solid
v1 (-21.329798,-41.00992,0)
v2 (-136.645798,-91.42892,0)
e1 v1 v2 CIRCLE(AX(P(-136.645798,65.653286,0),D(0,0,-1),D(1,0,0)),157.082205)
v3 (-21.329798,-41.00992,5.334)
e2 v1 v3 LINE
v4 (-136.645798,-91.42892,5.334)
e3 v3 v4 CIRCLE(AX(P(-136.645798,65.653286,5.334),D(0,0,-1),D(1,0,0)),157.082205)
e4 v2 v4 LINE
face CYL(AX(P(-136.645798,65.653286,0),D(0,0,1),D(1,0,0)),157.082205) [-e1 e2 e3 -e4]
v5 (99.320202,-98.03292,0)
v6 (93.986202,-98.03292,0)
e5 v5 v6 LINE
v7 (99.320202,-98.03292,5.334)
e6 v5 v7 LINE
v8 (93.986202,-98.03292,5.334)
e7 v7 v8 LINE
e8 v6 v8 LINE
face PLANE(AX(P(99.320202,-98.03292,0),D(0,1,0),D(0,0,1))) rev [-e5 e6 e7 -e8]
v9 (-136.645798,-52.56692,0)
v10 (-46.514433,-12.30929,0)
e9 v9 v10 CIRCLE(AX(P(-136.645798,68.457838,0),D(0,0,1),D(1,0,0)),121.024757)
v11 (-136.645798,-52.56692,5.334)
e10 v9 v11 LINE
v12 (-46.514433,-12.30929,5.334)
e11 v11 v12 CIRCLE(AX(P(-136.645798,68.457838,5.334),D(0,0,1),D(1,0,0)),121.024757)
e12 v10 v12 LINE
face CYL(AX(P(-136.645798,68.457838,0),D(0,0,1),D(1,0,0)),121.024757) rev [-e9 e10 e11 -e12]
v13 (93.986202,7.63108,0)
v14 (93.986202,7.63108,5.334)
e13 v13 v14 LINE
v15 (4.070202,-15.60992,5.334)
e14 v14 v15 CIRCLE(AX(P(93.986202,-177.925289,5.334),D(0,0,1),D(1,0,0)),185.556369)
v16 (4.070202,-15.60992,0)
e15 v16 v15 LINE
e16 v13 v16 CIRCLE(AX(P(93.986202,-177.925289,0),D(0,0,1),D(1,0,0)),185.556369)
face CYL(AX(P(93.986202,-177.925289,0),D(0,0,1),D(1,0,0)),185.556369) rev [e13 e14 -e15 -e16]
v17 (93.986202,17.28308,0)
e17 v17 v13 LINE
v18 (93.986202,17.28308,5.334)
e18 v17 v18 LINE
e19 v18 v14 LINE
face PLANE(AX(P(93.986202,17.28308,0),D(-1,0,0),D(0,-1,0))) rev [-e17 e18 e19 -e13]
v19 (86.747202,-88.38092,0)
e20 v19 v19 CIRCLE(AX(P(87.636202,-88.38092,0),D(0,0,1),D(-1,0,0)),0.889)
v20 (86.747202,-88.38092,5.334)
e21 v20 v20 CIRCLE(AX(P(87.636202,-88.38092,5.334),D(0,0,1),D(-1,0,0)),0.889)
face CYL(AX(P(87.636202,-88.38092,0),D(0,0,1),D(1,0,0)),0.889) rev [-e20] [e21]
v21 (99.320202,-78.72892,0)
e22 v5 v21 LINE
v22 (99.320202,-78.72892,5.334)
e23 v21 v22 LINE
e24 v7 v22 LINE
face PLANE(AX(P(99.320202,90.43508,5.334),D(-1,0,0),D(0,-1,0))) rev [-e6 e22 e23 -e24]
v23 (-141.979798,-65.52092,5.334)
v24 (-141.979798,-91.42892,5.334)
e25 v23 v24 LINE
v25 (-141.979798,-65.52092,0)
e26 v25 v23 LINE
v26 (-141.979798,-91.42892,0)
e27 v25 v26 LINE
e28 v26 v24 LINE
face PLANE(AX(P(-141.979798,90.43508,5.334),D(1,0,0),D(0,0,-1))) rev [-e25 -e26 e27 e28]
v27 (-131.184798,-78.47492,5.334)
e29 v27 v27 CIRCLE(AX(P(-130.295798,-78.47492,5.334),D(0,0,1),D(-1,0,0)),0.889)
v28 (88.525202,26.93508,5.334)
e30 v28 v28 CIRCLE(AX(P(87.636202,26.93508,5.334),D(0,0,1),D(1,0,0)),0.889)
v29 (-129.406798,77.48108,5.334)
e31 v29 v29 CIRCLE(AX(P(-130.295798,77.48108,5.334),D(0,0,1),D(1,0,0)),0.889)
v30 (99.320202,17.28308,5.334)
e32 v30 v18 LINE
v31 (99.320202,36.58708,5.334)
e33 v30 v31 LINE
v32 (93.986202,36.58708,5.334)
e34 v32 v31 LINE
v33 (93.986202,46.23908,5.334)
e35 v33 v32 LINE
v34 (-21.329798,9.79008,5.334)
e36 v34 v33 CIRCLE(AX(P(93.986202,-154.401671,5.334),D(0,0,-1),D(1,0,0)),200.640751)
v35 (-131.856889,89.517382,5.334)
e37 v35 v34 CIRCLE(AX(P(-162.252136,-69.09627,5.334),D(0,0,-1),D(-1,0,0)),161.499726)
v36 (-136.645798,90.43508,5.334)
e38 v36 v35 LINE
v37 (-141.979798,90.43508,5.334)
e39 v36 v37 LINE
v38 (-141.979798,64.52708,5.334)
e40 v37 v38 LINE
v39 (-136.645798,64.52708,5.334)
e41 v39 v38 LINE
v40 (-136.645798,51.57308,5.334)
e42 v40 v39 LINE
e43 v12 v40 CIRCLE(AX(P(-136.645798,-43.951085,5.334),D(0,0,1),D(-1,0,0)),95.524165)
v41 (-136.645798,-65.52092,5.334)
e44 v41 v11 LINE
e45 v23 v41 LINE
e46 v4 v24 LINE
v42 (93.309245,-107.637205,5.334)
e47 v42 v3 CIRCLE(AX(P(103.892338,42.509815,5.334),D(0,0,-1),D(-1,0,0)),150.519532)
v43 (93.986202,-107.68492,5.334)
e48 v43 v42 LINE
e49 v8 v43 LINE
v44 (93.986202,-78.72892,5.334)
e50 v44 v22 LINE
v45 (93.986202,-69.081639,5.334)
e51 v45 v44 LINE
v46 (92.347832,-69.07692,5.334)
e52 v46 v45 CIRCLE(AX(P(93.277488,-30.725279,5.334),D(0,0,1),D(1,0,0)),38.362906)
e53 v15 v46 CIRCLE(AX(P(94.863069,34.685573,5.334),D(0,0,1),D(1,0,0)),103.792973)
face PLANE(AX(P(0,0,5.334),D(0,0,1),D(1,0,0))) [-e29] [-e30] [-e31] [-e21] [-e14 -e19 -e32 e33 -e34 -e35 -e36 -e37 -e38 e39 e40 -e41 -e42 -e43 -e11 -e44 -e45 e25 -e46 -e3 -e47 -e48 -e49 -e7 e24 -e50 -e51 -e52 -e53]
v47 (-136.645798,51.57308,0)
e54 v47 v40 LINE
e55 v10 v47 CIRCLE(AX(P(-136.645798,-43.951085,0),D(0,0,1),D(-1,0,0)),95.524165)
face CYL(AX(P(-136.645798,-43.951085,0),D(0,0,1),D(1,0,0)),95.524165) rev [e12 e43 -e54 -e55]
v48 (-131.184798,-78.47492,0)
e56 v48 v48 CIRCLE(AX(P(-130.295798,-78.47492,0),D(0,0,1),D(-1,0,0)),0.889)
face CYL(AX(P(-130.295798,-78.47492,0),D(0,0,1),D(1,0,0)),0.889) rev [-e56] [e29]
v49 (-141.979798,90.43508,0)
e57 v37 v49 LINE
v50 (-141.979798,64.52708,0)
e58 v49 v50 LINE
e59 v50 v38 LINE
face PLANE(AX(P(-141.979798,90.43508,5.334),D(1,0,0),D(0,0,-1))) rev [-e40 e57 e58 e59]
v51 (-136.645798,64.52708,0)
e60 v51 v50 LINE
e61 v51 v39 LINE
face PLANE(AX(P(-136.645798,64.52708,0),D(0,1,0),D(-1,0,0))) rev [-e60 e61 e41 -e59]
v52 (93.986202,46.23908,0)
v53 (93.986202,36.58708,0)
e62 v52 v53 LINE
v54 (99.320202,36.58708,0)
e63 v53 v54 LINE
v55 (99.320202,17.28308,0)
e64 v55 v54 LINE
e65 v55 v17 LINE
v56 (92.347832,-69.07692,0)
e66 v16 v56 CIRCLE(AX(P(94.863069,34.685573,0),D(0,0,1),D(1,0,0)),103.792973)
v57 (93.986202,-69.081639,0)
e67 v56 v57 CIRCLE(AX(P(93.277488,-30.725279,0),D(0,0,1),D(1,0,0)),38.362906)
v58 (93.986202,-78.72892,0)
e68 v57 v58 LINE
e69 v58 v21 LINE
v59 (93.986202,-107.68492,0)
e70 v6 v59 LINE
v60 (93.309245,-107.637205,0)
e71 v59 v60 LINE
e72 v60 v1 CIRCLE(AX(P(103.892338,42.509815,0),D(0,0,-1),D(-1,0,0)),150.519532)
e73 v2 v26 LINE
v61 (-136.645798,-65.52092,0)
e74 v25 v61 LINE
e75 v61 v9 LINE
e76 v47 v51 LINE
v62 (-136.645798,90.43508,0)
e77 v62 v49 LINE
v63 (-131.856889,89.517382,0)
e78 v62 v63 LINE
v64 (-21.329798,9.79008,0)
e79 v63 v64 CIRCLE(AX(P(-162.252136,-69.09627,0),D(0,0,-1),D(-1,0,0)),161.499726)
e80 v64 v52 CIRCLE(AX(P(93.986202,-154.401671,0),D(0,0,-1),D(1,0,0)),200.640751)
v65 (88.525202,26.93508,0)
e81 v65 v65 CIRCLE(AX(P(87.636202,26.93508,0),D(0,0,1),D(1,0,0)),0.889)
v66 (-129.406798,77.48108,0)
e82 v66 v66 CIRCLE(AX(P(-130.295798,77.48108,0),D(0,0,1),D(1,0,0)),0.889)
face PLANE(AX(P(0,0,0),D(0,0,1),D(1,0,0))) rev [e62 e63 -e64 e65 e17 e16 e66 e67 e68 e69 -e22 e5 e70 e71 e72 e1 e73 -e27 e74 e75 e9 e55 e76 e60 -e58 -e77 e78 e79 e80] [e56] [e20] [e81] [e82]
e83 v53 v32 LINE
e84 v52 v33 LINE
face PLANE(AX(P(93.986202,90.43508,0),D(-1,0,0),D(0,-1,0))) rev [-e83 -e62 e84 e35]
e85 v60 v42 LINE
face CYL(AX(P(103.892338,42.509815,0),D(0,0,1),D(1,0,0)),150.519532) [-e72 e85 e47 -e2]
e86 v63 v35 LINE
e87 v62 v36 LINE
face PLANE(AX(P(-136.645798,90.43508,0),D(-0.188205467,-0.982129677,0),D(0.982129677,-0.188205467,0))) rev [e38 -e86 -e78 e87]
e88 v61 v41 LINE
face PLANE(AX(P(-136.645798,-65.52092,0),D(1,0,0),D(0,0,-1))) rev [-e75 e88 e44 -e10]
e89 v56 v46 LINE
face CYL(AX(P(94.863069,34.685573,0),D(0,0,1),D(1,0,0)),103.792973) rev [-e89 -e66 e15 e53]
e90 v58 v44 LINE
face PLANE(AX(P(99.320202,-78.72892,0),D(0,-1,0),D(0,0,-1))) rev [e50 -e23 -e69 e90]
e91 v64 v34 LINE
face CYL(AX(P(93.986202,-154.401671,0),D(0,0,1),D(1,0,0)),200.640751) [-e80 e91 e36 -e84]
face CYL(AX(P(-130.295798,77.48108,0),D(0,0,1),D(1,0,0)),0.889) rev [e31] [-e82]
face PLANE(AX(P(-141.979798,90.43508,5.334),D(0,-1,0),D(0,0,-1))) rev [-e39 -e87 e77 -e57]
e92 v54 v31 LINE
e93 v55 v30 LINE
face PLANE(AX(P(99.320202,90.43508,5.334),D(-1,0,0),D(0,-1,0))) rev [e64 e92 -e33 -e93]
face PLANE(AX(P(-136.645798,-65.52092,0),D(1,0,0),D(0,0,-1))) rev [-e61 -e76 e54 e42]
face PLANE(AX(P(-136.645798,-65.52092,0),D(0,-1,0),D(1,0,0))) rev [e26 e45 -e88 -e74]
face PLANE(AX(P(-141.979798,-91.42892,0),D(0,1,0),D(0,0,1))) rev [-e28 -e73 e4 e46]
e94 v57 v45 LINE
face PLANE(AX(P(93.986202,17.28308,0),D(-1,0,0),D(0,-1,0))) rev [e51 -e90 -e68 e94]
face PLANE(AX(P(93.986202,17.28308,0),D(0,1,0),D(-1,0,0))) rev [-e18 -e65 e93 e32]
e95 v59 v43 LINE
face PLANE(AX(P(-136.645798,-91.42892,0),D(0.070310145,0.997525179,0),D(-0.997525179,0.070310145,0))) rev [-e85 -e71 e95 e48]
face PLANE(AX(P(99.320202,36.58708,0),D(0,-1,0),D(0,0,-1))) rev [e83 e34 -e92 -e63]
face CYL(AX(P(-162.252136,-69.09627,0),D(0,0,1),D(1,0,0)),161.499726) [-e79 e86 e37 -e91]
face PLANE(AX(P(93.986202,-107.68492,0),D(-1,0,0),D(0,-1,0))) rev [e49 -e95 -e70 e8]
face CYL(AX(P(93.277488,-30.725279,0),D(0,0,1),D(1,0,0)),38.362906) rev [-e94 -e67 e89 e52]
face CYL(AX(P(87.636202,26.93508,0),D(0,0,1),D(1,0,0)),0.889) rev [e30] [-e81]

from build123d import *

# Parameters (mm, degrees)
SKETCH1_W           = 241.3
SKETCH1_H           = 198.12
BOSS_EXTRUDE1_DEPTH = 5.334
SKETCH2_W           = 5.334
SKETCH2_H           = 9.652
SKETCH2_H_2         = 96.012
SKETCH2_H_3         = 53.848
CUT_EXTRUDE1_DEPTH  = 179.277190048
SKETCH3_W           = 5.334
SKETCH3_H           = 16.256
SKETCH3_H_2         = 130.048
CUT_EXTRUDE2_DEPTH  = 179.277190048
CUT_EXTRUDE5_DEPTH  = 179.277190048
CUT_EXTRUDE6_DEPTH  = 179.277190048
CUT_EXTRUDE7_DEPTH  = 179.277190048
SKETCH8_R           = 0.889
CUT_EXTRUDE8_DEPTH  = 179.277190048
SKETCH9_R           = 0.889
CUT_EXTRUDE9_DEPTH  = 179.277190048


with BuildPart() as part:
    # Sketch1 → Boss-Extrude1 (new body)
    with BuildSketch(Plane.XY):
        with Locations((-21.329797884, -8.624919689)):
            Rectangle(SKETCH1_W, SKETCH1_H)
    extrude(amount=BOSS_EXTRUDE1_DEPTH)

    # Sketch2 → Cut-Extrude1 (cut, through all)
    with BuildSketch(Plane.XY.offset(5.334)):
        with Locations((96.653202116, -102.858919689)):
            Rectangle(SKETCH2_W, SKETCH2_H)
        with Locations((96.653202116, -30.722919689)):
            Rectangle(SKETCH2_W, SKETCH2_H_2)
        with Locations((96.653202116, 63.511080311)):
            Rectangle(SKETCH2_W, SKETCH2_H_3)
    extrude(amount=-CUT_EXTRUDE1_DEPTH, mode=Mode.SUBTRACT)

    # Sketch3 → Cut-Extrude2 (cut, through all)
    with BuildSketch(Plane.XY.offset(5.334)):
        with Locations((-139.312797884, -99.556919689)):
            Rectangle(SKETCH3_W, SKETCH3_H)
        with Locations((-139.312797884, -0.496919689)):
            Rectangle(SKETCH3_W, SKETCH3_H_2)
    extrude(amount=-CUT_EXTRUDE2_DEPTH, mode=Mode.SUBTRACT)

    # Sketch5 → Cut-Extrude5 (cut, through all)
    with BuildSketch(Plane.XY.offset(5.334)):
        Polygon((-136.645797884, -91.428919689), (93.986202116, -107.684919689), (93.986202116, -162.860416997), (-136.645797884, -146.604416997), align=None)
    extrude(amount=-CUT_EXTRUDE5_DEPTH, mode=Mode.SUBTRACT)

    # Sketch6 → Cut-Extrude6 (cut, through all)
    with BuildSketch(Plane.XY.offset(5.334)):
        Polygon((-136.645797884, 90.435080311), (93.986202116, 46.239080311), (93.986202116, 90.435080311), (-136.645797884, 134.631080311), align=None)
    extrude(amount=-CUT_EXTRUDE6_DEPTH, mode=Mode.SUBTRACT)

    # Sketch7 → Cut-Extrude7 (cut, through all)
    with BuildSketch(Plane.XY.offset(5.334)):
        with BuildLine():
            Line((-131.85688859, 89.517381834), (93.986202116, 46.239080311))
            ThreePointArc((93.986202116, 46.239080311), (33.516562096, 36.909943164), (-21.329797884, 9.790080311))
            ThreePointArc((-21.329797884, 9.790080311), (-67.77177066, 61.883202454), (-131.85688859, 89.517381834))
        make_face()
        with BuildLine():
            Line((-136.645797884, -91.428919689), (93.309245371, -107.637204677))
            ThreePointArc((93.309245371, -107.637204677), (28.257929174, -87.626903784), (-21.329797884, -41.009919689))
            ThreePointArc((-21.329797884, -41.009919689), (-73.717554191, -78.2732768), (-136.645797884, -91.428919689))
        make_face()
        with BuildLine():
            ThreePointArc((93.986202116, 7.631080311), (47.550679246, 1.726898301), (4.070202116, -15.609919689))
            ThreePointArc((4.070202116, -15.609919689), (41.092439587, -54.093369858), (92.347831876, -69.076919689))
            ThreePointArc((92.347831876, -69.076919689), (131.631647498, -31.544467715), (93.986202116, 7.631080311))
        make_face()
        with BuildLine():
            ThreePointArc((-136.645797884, 51.573080311), (-81.408536453, 33.982932584), (-46.514432981, -12.3092902))
            ThreePointArc((-46.514432981, -12.3092902), (-87.289086913, -42.04513502), (-136.645797884, -52.566919689))
            ThreePointArc((-136.645797884, -52.566919689), (-188.715797884, -0.496919689), (-136.645797884, 51.573080311))
        make_face()
    extrude(amount=-CUT_EXTRUDE7_DEPTH, mode=Mode.SUBTRACT)

    # Sketch8 → Cut-Extrude8 (cut, through all)
    with BuildSketch(Plane.XY.offset(5.334)):
        with Locations((-130.295797884, 77.481080311)):
            Circle(SKETCH8_R)
        with Locations(Location((-130.295797884, -78.474919689, 0), (0, 0, 180))):
            Circle(SKETCH8_R)
    extrude(amount=-CUT_EXTRUDE8_DEPTH, mode=Mode.SUBTRACT)

    # Sketch9 → Cut-Extrude9 (cut, through all)
    with BuildSketch(Plane.XY.offset(5.334)):
        with Locations((87.636202116, 26.935080311)):
            Circle(SKETCH9_R)
        with Locations(Location((87.636202116, -88.380919689, 0), (0, 0, 180))):
            Circle(SKETCH9_R)
    extrude(amount=-CUT_EXTRUDE9_DEPTH, mode=Mode.SUBTRACT)


solid = part.part
